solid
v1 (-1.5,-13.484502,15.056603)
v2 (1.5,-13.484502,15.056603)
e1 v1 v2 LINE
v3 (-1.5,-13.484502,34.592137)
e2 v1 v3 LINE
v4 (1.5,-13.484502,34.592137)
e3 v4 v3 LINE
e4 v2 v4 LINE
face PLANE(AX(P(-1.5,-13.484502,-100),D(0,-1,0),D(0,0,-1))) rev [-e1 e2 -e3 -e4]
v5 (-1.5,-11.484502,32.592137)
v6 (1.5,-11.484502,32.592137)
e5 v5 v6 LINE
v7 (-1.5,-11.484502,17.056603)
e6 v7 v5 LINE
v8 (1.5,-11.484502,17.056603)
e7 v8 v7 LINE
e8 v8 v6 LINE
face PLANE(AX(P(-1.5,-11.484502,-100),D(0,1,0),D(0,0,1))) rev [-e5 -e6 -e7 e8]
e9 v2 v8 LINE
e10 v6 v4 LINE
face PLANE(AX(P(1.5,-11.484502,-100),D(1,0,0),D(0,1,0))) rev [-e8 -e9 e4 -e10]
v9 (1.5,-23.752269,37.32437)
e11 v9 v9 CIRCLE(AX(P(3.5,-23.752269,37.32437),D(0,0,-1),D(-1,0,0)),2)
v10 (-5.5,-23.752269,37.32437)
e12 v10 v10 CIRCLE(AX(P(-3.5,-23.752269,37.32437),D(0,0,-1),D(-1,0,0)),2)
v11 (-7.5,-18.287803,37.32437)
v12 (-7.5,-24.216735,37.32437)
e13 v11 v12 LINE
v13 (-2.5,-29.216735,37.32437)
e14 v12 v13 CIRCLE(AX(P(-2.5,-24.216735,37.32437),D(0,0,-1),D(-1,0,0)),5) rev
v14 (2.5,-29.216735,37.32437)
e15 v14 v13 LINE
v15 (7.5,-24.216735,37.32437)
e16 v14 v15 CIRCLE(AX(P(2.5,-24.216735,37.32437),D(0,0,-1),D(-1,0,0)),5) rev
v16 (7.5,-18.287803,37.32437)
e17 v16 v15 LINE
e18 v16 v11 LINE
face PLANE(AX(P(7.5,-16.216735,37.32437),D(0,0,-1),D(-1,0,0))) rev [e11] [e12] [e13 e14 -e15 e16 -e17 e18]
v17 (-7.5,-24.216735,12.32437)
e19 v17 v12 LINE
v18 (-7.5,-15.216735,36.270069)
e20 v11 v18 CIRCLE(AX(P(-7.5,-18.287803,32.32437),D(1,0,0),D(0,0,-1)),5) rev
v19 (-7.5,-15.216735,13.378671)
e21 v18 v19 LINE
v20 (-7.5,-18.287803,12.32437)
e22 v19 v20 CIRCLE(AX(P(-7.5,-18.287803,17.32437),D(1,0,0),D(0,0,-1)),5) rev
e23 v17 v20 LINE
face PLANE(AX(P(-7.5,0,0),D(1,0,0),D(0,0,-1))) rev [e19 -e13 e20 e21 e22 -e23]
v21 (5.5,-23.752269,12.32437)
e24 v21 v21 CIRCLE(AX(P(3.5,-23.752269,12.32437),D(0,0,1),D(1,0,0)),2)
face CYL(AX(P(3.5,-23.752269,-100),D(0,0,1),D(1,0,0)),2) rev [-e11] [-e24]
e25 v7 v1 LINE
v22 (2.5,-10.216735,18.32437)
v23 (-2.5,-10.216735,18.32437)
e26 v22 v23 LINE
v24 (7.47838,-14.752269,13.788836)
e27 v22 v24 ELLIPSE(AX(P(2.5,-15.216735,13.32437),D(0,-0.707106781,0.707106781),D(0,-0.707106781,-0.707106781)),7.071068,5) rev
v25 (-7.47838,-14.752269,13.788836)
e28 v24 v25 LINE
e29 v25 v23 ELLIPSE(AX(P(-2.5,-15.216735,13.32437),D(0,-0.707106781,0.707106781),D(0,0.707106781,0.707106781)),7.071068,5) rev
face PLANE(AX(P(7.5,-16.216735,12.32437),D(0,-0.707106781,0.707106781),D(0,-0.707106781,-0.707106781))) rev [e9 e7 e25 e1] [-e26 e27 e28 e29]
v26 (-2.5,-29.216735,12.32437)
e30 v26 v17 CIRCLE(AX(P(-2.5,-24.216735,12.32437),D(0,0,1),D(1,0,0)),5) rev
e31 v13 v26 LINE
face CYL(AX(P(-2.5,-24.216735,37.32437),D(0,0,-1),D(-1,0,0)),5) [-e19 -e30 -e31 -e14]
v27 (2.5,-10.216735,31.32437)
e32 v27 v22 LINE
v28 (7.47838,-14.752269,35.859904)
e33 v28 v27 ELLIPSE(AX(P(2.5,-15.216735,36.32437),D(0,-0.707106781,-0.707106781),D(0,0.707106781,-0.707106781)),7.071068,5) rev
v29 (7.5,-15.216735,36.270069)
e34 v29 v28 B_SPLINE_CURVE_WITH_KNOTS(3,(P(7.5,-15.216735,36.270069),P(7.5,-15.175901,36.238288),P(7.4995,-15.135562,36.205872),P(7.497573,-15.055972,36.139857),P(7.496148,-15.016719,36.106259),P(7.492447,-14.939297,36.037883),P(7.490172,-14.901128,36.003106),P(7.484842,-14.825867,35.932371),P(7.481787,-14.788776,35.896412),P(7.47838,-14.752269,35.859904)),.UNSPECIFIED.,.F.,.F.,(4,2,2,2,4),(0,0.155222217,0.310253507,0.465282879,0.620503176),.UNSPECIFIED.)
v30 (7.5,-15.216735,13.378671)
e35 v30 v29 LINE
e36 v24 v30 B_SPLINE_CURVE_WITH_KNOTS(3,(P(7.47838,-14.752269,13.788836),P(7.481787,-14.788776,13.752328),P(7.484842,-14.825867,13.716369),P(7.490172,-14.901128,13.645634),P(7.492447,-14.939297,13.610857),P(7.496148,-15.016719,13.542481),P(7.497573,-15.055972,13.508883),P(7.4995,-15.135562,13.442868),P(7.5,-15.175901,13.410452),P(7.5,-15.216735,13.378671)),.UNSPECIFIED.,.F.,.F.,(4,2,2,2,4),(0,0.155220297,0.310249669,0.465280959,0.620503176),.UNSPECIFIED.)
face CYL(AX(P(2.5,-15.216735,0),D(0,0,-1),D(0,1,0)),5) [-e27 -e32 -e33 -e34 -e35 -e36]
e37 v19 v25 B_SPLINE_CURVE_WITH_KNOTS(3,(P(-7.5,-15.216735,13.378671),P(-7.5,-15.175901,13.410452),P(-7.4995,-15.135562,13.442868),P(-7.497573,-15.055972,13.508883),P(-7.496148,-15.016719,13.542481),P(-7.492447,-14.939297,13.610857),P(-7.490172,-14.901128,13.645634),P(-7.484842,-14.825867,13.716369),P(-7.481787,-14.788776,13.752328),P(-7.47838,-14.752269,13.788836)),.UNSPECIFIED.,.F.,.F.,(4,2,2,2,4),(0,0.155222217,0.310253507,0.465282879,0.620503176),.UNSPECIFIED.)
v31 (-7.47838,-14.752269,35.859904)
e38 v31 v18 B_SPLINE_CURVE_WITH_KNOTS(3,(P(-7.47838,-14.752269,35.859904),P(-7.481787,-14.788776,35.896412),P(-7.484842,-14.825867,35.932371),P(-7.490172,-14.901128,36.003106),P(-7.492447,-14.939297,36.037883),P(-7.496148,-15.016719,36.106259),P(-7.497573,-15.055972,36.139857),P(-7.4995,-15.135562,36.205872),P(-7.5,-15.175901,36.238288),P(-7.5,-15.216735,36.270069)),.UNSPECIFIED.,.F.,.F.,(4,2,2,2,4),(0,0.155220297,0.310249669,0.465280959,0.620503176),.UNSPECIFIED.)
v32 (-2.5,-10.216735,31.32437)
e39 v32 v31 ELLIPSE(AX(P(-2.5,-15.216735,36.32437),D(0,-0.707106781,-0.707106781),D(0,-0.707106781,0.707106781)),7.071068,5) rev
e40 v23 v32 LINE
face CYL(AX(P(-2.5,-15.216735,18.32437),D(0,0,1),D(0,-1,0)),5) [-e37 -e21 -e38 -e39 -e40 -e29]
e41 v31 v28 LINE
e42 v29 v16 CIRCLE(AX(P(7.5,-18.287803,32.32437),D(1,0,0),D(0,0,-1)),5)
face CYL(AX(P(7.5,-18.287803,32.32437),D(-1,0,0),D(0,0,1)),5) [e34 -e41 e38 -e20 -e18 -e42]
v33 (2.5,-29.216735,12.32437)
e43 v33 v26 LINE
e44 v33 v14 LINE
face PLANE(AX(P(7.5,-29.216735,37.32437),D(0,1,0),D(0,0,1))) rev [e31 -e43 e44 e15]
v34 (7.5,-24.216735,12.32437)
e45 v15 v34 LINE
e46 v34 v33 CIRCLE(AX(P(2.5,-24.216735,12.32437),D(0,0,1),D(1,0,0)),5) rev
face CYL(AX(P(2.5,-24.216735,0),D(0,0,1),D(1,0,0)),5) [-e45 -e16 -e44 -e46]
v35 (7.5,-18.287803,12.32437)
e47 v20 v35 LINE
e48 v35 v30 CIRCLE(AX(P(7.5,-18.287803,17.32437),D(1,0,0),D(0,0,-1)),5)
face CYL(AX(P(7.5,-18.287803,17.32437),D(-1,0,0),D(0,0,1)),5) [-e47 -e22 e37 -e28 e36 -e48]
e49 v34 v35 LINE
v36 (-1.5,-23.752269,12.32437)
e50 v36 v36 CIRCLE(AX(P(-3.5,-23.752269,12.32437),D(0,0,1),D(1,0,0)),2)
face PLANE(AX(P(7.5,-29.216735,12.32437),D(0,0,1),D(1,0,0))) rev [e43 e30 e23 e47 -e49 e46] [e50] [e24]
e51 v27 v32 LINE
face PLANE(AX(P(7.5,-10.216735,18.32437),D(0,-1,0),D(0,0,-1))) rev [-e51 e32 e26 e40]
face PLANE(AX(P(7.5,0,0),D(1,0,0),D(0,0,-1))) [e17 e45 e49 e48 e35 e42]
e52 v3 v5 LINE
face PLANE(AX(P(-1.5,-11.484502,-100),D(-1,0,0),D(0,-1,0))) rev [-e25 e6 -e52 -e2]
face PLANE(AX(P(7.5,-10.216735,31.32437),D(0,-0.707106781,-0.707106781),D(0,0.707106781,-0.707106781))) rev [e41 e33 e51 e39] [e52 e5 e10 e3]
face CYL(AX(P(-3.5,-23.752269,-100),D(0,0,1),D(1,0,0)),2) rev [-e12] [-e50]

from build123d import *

# Parameters (mm, degrees)
BOSS_EXTRUDE1_DEPTH = 7.5
FILLET3_R           = 5
SKETCH4_R           = 2
SKETCH4_W           = 3
SKETCH4_H           = 2
CUT_EXTRUDE1_DEPTH  = 100
FILLET4_R           = 5
FILLET5_R           = 5


with BuildPart() as part:
    # Sketch1 → Boss-Extrude1 (new, symmetric)
    with BuildSketch(Plane(origin=(0, 0, 0), x_dir=(0, 0, -1), z_dir=(1, 0, 0))):
        Polygon((-31.324369962, -10.21673477), (-37.324369962, -16.21673477), (-37.324369962, -29.21673477), (-12.324369962, -29.21673477), (-12.324369962, -16.21673477), (-18.324369962, -10.21673477), align=None)
    extrude(amount=BOSS_EXTRUDE1_DEPTH, both=True)

    # Fillet3
    fillet3_edges = [part.edges().sort_by_distance(p)[0] for p in [
        (0, -16.21673477, 12.324369962),
        (0, -16.21673477, 37.324369962),
    ]]
    fillet(fillet3_edges, radius=FILLET3_R)

    # Sketch4 → Cut-Extrude1 (cut, symmetric)
    with BuildSketch(Plane.XY):
        with Locations((-3.5, -23.752268676)):
            Circle(SKETCH4_R)
        with Locations((3.5, -23.752268676)):
            Circle(SKETCH4_R)
        with Locations((0, -12.484501723)):
            Rectangle(SKETCH4_W, SKETCH4_H)
    extrude(amount=CUT_EXTRUDE1_DEPTH, both=True, mode=Mode.SUBTRACT)

    # Fillet4
    fillet4_edges = [part.edges().sort_by_distance(p)[0] for p in [
        (7.5, -29.21673477, 24.824369962),
        (-7.5, -29.21673477, 24.824369962),
    ]]
    fillet(fillet4_edges, radius=FILLET4_R)

    # Fillet5
    fillet5_edges = [part.edges().sort_by_distance(p)[0] for p in [
        (7.5, -10.21673477, 24.824369962),
        (-7.5, -10.21673477, 24.824369962),
    ]]
    fillet(fillet5_edges, radius=FILLET5_R)


solid = part.part
